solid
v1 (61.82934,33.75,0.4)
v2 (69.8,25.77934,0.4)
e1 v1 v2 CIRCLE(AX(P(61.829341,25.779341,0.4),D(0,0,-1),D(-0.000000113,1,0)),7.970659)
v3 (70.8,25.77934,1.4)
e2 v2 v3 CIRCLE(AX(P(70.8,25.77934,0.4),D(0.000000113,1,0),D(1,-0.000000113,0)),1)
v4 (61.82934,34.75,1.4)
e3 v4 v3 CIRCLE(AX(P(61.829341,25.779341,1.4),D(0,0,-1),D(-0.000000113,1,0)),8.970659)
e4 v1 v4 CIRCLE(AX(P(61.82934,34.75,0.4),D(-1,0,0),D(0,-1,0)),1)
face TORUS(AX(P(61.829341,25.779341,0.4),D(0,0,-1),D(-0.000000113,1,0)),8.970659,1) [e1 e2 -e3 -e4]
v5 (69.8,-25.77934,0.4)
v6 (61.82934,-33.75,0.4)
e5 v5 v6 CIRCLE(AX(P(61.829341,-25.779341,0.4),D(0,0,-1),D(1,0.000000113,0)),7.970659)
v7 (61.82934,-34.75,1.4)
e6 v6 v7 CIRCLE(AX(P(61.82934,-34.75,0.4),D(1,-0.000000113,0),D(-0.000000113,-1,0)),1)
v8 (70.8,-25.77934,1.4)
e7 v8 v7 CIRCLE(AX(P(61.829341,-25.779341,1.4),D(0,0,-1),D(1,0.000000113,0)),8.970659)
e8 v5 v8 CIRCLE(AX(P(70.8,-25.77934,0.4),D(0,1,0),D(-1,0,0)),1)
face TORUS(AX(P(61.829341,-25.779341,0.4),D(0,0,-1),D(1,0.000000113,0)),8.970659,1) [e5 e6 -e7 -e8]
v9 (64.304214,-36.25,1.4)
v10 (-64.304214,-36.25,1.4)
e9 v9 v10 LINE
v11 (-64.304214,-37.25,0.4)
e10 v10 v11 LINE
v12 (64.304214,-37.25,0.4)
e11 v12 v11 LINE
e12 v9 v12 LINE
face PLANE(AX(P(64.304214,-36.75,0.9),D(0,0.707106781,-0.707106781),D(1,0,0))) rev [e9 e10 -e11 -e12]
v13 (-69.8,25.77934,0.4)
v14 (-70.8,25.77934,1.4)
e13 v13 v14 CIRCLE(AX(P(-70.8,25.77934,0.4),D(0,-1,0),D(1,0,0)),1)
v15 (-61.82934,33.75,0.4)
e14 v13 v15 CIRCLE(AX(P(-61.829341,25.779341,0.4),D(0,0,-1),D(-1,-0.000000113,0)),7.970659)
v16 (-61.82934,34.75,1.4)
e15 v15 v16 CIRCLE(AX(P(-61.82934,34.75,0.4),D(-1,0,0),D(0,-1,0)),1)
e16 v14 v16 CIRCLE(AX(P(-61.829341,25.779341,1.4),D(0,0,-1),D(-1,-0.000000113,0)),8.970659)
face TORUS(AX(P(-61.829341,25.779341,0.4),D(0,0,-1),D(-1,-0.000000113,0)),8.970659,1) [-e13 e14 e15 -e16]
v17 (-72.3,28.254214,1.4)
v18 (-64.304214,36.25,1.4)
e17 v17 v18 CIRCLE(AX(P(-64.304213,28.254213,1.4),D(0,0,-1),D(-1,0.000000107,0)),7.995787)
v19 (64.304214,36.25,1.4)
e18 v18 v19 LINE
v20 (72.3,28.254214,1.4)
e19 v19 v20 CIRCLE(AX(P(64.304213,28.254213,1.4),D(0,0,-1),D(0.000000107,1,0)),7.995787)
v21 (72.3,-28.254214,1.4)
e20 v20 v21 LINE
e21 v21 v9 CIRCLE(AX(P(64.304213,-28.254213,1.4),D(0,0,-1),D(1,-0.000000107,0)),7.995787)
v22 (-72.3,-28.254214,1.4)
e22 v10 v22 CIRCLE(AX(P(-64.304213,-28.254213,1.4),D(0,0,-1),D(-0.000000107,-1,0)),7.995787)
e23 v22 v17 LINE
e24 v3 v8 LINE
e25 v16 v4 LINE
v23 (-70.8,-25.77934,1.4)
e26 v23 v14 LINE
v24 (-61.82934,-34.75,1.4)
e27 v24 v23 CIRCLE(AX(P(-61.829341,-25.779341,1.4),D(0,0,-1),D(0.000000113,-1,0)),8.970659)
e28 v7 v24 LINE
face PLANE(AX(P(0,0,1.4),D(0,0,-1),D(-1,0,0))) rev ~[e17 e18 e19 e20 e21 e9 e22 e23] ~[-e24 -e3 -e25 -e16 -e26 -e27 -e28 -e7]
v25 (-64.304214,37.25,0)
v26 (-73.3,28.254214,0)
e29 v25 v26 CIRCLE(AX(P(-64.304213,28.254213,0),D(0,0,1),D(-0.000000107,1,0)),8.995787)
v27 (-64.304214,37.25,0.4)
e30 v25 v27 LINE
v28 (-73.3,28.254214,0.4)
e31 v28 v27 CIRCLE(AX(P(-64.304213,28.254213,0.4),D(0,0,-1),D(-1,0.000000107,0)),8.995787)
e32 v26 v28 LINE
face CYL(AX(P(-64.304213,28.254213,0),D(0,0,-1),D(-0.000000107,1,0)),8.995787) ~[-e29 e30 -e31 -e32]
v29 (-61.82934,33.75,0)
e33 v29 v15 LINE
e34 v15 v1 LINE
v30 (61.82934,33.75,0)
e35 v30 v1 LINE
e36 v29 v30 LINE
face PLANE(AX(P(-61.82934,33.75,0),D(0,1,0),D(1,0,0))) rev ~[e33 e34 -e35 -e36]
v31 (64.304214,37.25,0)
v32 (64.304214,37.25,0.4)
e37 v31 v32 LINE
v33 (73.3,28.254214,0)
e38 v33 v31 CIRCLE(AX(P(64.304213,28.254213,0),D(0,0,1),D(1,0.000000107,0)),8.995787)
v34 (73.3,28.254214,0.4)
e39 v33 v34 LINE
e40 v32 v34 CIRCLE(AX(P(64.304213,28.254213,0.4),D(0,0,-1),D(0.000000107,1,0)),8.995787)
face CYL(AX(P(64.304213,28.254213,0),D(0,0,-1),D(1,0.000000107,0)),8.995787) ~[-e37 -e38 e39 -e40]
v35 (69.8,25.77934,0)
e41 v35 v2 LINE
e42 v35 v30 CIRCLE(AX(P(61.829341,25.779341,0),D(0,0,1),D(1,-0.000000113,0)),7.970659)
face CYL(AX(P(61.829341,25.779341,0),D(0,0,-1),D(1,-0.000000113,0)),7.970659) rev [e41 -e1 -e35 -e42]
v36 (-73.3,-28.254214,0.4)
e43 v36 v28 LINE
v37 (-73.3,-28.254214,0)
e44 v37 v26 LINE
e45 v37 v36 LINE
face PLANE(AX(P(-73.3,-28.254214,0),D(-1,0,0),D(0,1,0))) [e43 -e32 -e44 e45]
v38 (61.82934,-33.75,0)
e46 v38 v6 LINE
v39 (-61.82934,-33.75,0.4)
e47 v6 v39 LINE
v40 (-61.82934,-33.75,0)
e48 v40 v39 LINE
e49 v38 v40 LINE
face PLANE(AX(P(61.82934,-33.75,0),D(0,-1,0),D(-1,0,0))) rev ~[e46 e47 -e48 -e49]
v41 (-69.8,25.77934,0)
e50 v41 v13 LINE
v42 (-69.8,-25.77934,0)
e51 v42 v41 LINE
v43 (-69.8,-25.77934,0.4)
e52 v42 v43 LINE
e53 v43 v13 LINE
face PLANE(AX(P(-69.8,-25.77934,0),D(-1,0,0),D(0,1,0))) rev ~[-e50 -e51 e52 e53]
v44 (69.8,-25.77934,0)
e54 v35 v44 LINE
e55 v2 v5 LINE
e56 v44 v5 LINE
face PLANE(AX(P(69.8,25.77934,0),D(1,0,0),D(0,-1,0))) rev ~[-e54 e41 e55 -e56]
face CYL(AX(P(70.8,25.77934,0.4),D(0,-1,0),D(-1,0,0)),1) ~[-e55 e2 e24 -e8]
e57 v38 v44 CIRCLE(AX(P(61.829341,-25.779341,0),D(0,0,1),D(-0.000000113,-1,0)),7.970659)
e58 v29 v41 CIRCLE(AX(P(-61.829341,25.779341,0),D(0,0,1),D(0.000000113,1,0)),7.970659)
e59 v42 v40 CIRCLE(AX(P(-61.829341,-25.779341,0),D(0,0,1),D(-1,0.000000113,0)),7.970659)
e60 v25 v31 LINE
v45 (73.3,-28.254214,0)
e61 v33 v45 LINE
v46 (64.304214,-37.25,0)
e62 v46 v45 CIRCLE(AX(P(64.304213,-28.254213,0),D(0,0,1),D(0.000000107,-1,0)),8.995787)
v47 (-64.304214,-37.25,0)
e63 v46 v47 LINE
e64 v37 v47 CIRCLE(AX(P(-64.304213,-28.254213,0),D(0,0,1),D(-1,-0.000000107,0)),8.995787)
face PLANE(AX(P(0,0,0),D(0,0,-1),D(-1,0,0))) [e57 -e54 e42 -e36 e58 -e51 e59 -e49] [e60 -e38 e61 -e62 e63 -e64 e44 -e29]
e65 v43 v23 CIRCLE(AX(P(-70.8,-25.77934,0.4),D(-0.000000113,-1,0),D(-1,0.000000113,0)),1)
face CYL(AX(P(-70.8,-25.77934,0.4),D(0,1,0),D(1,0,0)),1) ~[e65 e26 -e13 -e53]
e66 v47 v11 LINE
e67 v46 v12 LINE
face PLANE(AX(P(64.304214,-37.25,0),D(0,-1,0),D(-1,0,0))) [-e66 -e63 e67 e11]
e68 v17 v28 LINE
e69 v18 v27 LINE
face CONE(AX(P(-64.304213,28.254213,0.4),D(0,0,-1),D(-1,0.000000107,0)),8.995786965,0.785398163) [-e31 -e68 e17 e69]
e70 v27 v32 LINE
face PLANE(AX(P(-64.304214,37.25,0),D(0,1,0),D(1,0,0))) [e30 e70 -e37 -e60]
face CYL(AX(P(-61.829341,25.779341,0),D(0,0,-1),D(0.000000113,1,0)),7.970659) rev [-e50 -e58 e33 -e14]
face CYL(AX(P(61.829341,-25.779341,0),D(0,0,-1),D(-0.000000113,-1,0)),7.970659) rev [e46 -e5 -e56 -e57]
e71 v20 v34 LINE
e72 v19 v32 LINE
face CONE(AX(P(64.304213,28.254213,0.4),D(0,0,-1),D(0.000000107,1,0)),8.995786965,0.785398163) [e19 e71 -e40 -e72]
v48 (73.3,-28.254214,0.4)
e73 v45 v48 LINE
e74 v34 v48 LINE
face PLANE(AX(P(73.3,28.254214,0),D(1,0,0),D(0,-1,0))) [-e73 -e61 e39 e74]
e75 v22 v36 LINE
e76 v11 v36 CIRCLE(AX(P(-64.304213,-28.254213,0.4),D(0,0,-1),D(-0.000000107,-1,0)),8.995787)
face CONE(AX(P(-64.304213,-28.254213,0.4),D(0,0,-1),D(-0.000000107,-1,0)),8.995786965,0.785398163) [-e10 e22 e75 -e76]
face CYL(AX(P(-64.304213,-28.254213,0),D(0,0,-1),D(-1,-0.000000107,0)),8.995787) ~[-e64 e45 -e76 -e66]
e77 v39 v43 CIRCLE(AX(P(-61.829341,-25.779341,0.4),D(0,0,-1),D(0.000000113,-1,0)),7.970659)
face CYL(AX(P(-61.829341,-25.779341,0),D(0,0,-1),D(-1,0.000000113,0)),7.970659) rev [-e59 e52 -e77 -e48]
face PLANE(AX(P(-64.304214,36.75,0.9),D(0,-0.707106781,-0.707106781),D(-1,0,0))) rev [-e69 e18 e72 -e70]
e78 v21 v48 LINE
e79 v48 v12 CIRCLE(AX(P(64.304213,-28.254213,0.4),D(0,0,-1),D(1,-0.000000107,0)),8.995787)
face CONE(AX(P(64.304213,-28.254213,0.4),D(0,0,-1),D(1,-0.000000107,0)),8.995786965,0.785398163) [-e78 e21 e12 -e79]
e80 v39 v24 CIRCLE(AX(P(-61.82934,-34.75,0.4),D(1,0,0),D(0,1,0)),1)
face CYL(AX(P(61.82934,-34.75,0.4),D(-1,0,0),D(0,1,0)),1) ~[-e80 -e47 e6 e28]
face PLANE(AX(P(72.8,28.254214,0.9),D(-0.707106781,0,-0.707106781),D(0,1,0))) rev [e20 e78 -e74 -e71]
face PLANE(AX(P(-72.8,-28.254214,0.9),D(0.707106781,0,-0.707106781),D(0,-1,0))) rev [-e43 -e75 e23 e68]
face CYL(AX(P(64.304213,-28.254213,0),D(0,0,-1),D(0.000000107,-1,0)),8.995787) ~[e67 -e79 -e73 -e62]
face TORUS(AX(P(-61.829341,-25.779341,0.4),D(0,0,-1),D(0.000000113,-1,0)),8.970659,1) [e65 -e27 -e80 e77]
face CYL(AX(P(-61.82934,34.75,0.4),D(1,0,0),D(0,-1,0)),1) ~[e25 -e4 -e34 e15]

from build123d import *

# Parameters (mm, degrees)
PAD002_DEPTH = 1.4
FILLET_R     = 1
CHAMFER_SIZE = 1


with BuildPart() as part:
    # Sketch003 → Pad002 (new body)
    with BuildSketch(Plane.XY):
        with BuildLine():
            Line((-64.304214, 37.25), (64.304214, 37.25))
            ThreePointArc((73.3, 28.254214), (70.665195, 34.615195), (64.304214, 37.25))
            Line((73.3, 28.254214), (73.3, -28.254214))
            ThreePointArc((64.304214, -37.25), (70.665195, -34.615195), (73.3, -28.254214))
            Line((64.304214, -37.25), (-64.304214, -37.25))
            ThreePointArc((-73.3, -28.254214), (-70.665195, -34.615195), (-64.304214, -37.25))
            Line((-73.3, -28.254214), (-73.3, 28.254214))
            ThreePointArc((-64.304214, 37.25), (-70.665195, 34.615195), (-73.3, 28.254214))
        make_face()
        with BuildLine():
            Line((-61.82934, 33.75), (61.82934, 33.75))
            ThreePointArc((69.8, 25.77934), (67.465448, 31.415448), (61.82934, 33.75))
            Line((69.8, 25.77934), (69.8, -25.77934))
            ThreePointArc((61.82934, -33.75), (67.465448, -31.415448), (69.8, -25.77934))
            Line((61.82934, -33.75), (-61.82934, -33.75))
            ThreePointArc((-69.8, -25.77934), (-67.465448, -31.415448), (-61.82934, -33.75))
            Line((-69.8, -25.77934), (-69.8, 25.77934))
            ThreePointArc((-61.82934, 33.75), (-67.465448, 31.415448), (-69.8, 25.77934))
        make_face(mode=Mode.SUBTRACT)
    extrude(amount=PAD002_DEPTH)

    # Fillet
    fillet_edges = [part.edges().sort_by_distance(p)[0] for p in [
        (0, 33.75, 1.4),
        (-67.465448, 31.415448, 1.4),
        (-69.8, 0, 1.4),
        (-67.465448, -31.415448, 1.4),
        (0, -33.75, 1.4),
        (67.465448, -31.415448, 1.4),
        (69.8, 0, 1.4),
        (67.465448, 31.415448, 1.4),
    ]]
    fillet(fillet_edges, radius=FILLET_R)

    # Chamfer
    chamfer_edges = [part.edges().sort_by_distance(p)[0] for p in [
        (0, 37.25, 1.4),
        (70.665195, 34.615195, 1.4),
        (73.3, 0, 1.4),
        (70.665195, -34.615195, 1.4),
        (0, -37.25, 1.4),
        (-70.665195, -34.615195, 1.4),
        (-73.3, 0, 1.4),
        (-70.665195, 34.615195, 1.4),
    ]]
    chamfer(chamfer_edges, length=CHAMFER_SIZE)


solid = part.part
